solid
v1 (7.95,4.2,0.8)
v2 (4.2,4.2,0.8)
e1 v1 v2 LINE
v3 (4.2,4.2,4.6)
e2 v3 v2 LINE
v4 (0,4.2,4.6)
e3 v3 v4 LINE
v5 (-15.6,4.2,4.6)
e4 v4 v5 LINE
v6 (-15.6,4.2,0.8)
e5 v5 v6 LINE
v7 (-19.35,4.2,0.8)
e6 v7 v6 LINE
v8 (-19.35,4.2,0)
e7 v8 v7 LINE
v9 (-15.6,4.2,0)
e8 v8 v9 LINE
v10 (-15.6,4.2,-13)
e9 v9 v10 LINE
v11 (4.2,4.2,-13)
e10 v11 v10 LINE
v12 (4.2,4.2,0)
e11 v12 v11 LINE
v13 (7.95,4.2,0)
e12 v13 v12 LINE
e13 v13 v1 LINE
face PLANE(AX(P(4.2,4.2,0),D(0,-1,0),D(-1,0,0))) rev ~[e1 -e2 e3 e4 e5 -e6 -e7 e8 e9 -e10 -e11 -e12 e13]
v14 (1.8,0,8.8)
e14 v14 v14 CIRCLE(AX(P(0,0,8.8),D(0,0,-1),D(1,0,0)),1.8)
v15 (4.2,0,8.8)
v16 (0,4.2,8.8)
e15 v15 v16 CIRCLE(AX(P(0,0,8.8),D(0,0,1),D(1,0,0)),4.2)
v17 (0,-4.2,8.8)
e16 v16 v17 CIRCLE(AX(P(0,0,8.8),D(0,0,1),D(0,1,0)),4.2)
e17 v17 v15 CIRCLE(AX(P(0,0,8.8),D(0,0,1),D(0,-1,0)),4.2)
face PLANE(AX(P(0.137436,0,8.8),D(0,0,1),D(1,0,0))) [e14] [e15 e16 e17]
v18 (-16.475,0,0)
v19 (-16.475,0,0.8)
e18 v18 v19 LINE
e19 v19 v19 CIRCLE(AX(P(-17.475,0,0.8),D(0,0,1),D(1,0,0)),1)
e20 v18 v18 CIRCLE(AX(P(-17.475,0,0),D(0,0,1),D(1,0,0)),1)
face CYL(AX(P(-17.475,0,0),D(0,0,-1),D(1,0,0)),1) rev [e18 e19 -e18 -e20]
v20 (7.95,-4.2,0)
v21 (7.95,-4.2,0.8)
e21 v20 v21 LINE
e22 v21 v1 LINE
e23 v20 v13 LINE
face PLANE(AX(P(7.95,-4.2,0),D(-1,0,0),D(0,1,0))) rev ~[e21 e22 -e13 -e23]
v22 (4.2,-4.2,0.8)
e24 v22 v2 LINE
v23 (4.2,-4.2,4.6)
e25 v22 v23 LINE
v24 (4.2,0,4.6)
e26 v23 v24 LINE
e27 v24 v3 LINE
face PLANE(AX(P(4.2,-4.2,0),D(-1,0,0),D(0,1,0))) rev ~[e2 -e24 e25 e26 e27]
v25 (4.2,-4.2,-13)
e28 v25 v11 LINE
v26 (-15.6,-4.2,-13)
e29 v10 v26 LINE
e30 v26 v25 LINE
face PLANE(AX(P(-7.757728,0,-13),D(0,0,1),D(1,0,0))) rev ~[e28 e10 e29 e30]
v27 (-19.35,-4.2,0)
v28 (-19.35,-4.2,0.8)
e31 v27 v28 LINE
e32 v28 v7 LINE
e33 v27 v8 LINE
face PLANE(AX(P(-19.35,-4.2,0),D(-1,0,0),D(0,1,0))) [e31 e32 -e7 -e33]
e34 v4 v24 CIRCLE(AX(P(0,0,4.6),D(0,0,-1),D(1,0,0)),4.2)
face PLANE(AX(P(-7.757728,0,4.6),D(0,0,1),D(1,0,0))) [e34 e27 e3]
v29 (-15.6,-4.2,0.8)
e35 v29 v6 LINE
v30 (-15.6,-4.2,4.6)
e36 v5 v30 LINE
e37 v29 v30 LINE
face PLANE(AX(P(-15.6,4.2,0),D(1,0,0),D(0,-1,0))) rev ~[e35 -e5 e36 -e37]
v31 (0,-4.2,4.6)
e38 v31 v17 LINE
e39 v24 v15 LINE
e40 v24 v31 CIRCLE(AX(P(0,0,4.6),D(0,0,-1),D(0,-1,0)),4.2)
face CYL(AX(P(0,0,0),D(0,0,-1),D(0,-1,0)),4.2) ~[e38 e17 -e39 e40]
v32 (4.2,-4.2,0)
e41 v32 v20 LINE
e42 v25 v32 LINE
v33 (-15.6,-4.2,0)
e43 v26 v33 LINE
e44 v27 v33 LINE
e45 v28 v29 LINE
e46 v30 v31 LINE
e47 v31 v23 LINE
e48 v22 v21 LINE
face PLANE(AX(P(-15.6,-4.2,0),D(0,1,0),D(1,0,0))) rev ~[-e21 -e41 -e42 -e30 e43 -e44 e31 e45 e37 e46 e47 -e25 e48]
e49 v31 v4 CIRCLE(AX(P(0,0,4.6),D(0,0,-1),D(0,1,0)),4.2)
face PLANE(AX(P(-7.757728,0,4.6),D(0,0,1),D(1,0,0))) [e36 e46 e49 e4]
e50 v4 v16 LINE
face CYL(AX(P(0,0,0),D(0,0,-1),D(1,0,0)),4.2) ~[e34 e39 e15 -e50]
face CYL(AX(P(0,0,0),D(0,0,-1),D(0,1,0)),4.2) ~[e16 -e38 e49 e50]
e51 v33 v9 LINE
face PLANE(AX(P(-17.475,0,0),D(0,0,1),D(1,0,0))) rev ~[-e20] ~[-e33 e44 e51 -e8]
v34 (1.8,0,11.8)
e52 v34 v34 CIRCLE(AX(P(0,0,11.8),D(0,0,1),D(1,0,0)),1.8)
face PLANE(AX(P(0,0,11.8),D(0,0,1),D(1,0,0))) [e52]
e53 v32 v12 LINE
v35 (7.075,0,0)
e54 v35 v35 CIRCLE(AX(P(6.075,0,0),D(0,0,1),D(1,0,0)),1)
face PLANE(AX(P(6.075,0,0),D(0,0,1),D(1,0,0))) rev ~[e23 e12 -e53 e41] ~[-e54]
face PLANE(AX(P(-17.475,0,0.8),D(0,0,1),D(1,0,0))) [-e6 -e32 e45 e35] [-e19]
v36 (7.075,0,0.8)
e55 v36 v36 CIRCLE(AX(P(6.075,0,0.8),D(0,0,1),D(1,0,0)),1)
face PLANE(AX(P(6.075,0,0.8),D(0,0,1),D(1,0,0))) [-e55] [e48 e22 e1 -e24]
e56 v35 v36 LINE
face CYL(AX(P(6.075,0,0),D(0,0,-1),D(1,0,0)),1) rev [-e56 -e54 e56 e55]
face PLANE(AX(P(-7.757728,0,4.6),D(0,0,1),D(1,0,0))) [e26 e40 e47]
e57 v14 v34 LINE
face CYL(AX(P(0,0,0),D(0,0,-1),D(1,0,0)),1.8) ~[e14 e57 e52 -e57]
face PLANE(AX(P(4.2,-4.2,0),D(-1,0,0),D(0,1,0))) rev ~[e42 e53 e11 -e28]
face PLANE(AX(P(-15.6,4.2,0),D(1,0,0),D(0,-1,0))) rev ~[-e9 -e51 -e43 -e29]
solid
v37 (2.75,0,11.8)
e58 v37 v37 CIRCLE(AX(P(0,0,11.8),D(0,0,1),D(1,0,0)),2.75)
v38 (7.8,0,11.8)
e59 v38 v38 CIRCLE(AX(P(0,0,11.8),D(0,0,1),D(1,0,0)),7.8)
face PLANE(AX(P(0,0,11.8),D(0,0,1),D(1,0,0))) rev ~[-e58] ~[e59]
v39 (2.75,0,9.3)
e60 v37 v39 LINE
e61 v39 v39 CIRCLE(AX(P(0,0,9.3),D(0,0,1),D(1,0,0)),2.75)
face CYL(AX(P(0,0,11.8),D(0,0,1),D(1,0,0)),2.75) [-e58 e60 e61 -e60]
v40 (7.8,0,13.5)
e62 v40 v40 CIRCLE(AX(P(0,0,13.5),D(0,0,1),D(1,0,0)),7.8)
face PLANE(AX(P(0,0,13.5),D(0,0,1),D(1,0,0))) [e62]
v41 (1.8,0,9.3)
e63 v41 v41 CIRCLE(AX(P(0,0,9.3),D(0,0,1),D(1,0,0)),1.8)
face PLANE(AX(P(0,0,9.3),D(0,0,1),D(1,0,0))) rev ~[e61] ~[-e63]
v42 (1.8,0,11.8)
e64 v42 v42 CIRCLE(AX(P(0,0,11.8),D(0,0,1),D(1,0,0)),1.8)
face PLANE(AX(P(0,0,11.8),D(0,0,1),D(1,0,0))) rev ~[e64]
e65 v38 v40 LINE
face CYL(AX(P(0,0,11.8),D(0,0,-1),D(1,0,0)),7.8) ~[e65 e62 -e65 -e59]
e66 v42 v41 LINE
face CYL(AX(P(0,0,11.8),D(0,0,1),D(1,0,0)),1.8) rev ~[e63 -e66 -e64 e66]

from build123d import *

# Parameters (mm, degrees)
F0_R          = 1.8
F1_DEPTH      = 13
F1_DEPTH_BACK = 4.6
F0_W          = 3.75
F0_H          = 8.4
F0_R_2        = 1
F2_DEPTH      = 0.8
F3_DEPTH      = 8.8
F4_DEPTH      = 11.8
F5_R          = 2.75
F5_R_2        = 1.8
F6_DEPTH      = 2.5
F5_R_3        = 7.8
F7_DEPTH      = 1.7


with BuildPart() as f1:
    # F0 (on Top) → F1 (new body, two sides)
    with BuildSketch(Plane.XY) as f1_sk:
        with BuildLine():
            Line((0, 4.2), (-15.6, 4.2))
            Line((-15.6, 4.2), (-15.6, -4.2))
            Line((-15.6, -4.2), (0, -4.2))
            ThreePointArc((0, -4.2), (-4.2, 0), (0, 4.2))
        make_face()
        with BuildLine():
            ThreePointArc((4.2, 0), (2.969848481, 2.969848481), (0, 4.2))
            ThreePointArc((0, 4.2), (-4.2, 0), (0, -4.2))
            ThreePointArc((0, -4.2), (2.969848481, -2.969848481), (4.2, 0))
        make_face()
        Circle(F0_R, mode=Mode.SUBTRACT)
        Circle(F0_R)
        with BuildLine():
            Line((4.2, 4.2), (0, 4.2))
            ThreePointArc((0, 4.2), (2.969848481, 2.969848481), (4.2, 0))
            Line((4.2, 0), (4.2, 4.2))
        make_face()
        with BuildLine():
            Line((4.2, -4.2), (4.2, 0))
            ThreePointArc((4.2, 0), (2.969848481, -2.969848481), (0, -4.2))
            Line((0, -4.2), (4.2, -4.2))
        make_face()
    extrude(amount=-F1_DEPTH)
    extrude(f1_sk.sketch, amount=F1_DEPTH_BACK)

    # F0 (on Top) → F2 (join)
    with BuildSketch(Plane.XY):
        with Locations((-17.475, 0)):
            Rectangle(F0_W, F0_H)
        with Locations((-17.475, 0)):
            Circle(F0_R_2, mode=Mode.SUBTRACT)
        Polygon((7.95, 4.2), (4.2, 4.2), (4.2, 0), (4.2, -4.2), (7.95, -4.2), align=None)
        with Locations((6.075, 0)):
            Circle(F0_R_2, mode=Mode.SUBTRACT)
    extrude(amount=F2_DEPTH)

    # F0 (on Top) → F3 (join)
    with BuildSketch(Plane.XY):
        with BuildLine():
            ThreePointArc((4.2, 0), (2.969848481, 2.969848481), (0, 4.2))
            ThreePointArc((0, 4.2), (-4.2, 0), (0, -4.2))
            ThreePointArc((0, -4.2), (2.969848481, -2.969848481), (4.2, 0))
        make_face()
        Circle(F0_R, mode=Mode.SUBTRACT)
        Circle(F0_R)
    extrude(amount=F3_DEPTH)

    # F0 (on Top) → F4 (join)
    with BuildSketch(Plane.XY):
        Circle(F0_R)
    extrude(amount=F4_DEPTH)


with BuildPart() as f6:
    # F5 (on face) → F6 (new body)
    with BuildSketch(Plane.XY.offset(11.8)):
        Circle(F5_R)
        Circle(F5_R_2, mode=Mode.SUBTRACT)
    extrude(amount=-F6_DEPTH)

    # F5 (on face) → F7 (join)
    with BuildSketch(Plane.XY.offset(11.8)):
        Circle(F5_R_3)
        Circle(F5_R, mode=Mode.SUBTRACT)
        Circle(F5_R)
        Circle(F5_R_2, mode=Mode.SUBTRACT)
        Circle(F5_R_2)
    extrude(amount=F7_DEPTH)


solid = Compound([f1.part, f6.part])
